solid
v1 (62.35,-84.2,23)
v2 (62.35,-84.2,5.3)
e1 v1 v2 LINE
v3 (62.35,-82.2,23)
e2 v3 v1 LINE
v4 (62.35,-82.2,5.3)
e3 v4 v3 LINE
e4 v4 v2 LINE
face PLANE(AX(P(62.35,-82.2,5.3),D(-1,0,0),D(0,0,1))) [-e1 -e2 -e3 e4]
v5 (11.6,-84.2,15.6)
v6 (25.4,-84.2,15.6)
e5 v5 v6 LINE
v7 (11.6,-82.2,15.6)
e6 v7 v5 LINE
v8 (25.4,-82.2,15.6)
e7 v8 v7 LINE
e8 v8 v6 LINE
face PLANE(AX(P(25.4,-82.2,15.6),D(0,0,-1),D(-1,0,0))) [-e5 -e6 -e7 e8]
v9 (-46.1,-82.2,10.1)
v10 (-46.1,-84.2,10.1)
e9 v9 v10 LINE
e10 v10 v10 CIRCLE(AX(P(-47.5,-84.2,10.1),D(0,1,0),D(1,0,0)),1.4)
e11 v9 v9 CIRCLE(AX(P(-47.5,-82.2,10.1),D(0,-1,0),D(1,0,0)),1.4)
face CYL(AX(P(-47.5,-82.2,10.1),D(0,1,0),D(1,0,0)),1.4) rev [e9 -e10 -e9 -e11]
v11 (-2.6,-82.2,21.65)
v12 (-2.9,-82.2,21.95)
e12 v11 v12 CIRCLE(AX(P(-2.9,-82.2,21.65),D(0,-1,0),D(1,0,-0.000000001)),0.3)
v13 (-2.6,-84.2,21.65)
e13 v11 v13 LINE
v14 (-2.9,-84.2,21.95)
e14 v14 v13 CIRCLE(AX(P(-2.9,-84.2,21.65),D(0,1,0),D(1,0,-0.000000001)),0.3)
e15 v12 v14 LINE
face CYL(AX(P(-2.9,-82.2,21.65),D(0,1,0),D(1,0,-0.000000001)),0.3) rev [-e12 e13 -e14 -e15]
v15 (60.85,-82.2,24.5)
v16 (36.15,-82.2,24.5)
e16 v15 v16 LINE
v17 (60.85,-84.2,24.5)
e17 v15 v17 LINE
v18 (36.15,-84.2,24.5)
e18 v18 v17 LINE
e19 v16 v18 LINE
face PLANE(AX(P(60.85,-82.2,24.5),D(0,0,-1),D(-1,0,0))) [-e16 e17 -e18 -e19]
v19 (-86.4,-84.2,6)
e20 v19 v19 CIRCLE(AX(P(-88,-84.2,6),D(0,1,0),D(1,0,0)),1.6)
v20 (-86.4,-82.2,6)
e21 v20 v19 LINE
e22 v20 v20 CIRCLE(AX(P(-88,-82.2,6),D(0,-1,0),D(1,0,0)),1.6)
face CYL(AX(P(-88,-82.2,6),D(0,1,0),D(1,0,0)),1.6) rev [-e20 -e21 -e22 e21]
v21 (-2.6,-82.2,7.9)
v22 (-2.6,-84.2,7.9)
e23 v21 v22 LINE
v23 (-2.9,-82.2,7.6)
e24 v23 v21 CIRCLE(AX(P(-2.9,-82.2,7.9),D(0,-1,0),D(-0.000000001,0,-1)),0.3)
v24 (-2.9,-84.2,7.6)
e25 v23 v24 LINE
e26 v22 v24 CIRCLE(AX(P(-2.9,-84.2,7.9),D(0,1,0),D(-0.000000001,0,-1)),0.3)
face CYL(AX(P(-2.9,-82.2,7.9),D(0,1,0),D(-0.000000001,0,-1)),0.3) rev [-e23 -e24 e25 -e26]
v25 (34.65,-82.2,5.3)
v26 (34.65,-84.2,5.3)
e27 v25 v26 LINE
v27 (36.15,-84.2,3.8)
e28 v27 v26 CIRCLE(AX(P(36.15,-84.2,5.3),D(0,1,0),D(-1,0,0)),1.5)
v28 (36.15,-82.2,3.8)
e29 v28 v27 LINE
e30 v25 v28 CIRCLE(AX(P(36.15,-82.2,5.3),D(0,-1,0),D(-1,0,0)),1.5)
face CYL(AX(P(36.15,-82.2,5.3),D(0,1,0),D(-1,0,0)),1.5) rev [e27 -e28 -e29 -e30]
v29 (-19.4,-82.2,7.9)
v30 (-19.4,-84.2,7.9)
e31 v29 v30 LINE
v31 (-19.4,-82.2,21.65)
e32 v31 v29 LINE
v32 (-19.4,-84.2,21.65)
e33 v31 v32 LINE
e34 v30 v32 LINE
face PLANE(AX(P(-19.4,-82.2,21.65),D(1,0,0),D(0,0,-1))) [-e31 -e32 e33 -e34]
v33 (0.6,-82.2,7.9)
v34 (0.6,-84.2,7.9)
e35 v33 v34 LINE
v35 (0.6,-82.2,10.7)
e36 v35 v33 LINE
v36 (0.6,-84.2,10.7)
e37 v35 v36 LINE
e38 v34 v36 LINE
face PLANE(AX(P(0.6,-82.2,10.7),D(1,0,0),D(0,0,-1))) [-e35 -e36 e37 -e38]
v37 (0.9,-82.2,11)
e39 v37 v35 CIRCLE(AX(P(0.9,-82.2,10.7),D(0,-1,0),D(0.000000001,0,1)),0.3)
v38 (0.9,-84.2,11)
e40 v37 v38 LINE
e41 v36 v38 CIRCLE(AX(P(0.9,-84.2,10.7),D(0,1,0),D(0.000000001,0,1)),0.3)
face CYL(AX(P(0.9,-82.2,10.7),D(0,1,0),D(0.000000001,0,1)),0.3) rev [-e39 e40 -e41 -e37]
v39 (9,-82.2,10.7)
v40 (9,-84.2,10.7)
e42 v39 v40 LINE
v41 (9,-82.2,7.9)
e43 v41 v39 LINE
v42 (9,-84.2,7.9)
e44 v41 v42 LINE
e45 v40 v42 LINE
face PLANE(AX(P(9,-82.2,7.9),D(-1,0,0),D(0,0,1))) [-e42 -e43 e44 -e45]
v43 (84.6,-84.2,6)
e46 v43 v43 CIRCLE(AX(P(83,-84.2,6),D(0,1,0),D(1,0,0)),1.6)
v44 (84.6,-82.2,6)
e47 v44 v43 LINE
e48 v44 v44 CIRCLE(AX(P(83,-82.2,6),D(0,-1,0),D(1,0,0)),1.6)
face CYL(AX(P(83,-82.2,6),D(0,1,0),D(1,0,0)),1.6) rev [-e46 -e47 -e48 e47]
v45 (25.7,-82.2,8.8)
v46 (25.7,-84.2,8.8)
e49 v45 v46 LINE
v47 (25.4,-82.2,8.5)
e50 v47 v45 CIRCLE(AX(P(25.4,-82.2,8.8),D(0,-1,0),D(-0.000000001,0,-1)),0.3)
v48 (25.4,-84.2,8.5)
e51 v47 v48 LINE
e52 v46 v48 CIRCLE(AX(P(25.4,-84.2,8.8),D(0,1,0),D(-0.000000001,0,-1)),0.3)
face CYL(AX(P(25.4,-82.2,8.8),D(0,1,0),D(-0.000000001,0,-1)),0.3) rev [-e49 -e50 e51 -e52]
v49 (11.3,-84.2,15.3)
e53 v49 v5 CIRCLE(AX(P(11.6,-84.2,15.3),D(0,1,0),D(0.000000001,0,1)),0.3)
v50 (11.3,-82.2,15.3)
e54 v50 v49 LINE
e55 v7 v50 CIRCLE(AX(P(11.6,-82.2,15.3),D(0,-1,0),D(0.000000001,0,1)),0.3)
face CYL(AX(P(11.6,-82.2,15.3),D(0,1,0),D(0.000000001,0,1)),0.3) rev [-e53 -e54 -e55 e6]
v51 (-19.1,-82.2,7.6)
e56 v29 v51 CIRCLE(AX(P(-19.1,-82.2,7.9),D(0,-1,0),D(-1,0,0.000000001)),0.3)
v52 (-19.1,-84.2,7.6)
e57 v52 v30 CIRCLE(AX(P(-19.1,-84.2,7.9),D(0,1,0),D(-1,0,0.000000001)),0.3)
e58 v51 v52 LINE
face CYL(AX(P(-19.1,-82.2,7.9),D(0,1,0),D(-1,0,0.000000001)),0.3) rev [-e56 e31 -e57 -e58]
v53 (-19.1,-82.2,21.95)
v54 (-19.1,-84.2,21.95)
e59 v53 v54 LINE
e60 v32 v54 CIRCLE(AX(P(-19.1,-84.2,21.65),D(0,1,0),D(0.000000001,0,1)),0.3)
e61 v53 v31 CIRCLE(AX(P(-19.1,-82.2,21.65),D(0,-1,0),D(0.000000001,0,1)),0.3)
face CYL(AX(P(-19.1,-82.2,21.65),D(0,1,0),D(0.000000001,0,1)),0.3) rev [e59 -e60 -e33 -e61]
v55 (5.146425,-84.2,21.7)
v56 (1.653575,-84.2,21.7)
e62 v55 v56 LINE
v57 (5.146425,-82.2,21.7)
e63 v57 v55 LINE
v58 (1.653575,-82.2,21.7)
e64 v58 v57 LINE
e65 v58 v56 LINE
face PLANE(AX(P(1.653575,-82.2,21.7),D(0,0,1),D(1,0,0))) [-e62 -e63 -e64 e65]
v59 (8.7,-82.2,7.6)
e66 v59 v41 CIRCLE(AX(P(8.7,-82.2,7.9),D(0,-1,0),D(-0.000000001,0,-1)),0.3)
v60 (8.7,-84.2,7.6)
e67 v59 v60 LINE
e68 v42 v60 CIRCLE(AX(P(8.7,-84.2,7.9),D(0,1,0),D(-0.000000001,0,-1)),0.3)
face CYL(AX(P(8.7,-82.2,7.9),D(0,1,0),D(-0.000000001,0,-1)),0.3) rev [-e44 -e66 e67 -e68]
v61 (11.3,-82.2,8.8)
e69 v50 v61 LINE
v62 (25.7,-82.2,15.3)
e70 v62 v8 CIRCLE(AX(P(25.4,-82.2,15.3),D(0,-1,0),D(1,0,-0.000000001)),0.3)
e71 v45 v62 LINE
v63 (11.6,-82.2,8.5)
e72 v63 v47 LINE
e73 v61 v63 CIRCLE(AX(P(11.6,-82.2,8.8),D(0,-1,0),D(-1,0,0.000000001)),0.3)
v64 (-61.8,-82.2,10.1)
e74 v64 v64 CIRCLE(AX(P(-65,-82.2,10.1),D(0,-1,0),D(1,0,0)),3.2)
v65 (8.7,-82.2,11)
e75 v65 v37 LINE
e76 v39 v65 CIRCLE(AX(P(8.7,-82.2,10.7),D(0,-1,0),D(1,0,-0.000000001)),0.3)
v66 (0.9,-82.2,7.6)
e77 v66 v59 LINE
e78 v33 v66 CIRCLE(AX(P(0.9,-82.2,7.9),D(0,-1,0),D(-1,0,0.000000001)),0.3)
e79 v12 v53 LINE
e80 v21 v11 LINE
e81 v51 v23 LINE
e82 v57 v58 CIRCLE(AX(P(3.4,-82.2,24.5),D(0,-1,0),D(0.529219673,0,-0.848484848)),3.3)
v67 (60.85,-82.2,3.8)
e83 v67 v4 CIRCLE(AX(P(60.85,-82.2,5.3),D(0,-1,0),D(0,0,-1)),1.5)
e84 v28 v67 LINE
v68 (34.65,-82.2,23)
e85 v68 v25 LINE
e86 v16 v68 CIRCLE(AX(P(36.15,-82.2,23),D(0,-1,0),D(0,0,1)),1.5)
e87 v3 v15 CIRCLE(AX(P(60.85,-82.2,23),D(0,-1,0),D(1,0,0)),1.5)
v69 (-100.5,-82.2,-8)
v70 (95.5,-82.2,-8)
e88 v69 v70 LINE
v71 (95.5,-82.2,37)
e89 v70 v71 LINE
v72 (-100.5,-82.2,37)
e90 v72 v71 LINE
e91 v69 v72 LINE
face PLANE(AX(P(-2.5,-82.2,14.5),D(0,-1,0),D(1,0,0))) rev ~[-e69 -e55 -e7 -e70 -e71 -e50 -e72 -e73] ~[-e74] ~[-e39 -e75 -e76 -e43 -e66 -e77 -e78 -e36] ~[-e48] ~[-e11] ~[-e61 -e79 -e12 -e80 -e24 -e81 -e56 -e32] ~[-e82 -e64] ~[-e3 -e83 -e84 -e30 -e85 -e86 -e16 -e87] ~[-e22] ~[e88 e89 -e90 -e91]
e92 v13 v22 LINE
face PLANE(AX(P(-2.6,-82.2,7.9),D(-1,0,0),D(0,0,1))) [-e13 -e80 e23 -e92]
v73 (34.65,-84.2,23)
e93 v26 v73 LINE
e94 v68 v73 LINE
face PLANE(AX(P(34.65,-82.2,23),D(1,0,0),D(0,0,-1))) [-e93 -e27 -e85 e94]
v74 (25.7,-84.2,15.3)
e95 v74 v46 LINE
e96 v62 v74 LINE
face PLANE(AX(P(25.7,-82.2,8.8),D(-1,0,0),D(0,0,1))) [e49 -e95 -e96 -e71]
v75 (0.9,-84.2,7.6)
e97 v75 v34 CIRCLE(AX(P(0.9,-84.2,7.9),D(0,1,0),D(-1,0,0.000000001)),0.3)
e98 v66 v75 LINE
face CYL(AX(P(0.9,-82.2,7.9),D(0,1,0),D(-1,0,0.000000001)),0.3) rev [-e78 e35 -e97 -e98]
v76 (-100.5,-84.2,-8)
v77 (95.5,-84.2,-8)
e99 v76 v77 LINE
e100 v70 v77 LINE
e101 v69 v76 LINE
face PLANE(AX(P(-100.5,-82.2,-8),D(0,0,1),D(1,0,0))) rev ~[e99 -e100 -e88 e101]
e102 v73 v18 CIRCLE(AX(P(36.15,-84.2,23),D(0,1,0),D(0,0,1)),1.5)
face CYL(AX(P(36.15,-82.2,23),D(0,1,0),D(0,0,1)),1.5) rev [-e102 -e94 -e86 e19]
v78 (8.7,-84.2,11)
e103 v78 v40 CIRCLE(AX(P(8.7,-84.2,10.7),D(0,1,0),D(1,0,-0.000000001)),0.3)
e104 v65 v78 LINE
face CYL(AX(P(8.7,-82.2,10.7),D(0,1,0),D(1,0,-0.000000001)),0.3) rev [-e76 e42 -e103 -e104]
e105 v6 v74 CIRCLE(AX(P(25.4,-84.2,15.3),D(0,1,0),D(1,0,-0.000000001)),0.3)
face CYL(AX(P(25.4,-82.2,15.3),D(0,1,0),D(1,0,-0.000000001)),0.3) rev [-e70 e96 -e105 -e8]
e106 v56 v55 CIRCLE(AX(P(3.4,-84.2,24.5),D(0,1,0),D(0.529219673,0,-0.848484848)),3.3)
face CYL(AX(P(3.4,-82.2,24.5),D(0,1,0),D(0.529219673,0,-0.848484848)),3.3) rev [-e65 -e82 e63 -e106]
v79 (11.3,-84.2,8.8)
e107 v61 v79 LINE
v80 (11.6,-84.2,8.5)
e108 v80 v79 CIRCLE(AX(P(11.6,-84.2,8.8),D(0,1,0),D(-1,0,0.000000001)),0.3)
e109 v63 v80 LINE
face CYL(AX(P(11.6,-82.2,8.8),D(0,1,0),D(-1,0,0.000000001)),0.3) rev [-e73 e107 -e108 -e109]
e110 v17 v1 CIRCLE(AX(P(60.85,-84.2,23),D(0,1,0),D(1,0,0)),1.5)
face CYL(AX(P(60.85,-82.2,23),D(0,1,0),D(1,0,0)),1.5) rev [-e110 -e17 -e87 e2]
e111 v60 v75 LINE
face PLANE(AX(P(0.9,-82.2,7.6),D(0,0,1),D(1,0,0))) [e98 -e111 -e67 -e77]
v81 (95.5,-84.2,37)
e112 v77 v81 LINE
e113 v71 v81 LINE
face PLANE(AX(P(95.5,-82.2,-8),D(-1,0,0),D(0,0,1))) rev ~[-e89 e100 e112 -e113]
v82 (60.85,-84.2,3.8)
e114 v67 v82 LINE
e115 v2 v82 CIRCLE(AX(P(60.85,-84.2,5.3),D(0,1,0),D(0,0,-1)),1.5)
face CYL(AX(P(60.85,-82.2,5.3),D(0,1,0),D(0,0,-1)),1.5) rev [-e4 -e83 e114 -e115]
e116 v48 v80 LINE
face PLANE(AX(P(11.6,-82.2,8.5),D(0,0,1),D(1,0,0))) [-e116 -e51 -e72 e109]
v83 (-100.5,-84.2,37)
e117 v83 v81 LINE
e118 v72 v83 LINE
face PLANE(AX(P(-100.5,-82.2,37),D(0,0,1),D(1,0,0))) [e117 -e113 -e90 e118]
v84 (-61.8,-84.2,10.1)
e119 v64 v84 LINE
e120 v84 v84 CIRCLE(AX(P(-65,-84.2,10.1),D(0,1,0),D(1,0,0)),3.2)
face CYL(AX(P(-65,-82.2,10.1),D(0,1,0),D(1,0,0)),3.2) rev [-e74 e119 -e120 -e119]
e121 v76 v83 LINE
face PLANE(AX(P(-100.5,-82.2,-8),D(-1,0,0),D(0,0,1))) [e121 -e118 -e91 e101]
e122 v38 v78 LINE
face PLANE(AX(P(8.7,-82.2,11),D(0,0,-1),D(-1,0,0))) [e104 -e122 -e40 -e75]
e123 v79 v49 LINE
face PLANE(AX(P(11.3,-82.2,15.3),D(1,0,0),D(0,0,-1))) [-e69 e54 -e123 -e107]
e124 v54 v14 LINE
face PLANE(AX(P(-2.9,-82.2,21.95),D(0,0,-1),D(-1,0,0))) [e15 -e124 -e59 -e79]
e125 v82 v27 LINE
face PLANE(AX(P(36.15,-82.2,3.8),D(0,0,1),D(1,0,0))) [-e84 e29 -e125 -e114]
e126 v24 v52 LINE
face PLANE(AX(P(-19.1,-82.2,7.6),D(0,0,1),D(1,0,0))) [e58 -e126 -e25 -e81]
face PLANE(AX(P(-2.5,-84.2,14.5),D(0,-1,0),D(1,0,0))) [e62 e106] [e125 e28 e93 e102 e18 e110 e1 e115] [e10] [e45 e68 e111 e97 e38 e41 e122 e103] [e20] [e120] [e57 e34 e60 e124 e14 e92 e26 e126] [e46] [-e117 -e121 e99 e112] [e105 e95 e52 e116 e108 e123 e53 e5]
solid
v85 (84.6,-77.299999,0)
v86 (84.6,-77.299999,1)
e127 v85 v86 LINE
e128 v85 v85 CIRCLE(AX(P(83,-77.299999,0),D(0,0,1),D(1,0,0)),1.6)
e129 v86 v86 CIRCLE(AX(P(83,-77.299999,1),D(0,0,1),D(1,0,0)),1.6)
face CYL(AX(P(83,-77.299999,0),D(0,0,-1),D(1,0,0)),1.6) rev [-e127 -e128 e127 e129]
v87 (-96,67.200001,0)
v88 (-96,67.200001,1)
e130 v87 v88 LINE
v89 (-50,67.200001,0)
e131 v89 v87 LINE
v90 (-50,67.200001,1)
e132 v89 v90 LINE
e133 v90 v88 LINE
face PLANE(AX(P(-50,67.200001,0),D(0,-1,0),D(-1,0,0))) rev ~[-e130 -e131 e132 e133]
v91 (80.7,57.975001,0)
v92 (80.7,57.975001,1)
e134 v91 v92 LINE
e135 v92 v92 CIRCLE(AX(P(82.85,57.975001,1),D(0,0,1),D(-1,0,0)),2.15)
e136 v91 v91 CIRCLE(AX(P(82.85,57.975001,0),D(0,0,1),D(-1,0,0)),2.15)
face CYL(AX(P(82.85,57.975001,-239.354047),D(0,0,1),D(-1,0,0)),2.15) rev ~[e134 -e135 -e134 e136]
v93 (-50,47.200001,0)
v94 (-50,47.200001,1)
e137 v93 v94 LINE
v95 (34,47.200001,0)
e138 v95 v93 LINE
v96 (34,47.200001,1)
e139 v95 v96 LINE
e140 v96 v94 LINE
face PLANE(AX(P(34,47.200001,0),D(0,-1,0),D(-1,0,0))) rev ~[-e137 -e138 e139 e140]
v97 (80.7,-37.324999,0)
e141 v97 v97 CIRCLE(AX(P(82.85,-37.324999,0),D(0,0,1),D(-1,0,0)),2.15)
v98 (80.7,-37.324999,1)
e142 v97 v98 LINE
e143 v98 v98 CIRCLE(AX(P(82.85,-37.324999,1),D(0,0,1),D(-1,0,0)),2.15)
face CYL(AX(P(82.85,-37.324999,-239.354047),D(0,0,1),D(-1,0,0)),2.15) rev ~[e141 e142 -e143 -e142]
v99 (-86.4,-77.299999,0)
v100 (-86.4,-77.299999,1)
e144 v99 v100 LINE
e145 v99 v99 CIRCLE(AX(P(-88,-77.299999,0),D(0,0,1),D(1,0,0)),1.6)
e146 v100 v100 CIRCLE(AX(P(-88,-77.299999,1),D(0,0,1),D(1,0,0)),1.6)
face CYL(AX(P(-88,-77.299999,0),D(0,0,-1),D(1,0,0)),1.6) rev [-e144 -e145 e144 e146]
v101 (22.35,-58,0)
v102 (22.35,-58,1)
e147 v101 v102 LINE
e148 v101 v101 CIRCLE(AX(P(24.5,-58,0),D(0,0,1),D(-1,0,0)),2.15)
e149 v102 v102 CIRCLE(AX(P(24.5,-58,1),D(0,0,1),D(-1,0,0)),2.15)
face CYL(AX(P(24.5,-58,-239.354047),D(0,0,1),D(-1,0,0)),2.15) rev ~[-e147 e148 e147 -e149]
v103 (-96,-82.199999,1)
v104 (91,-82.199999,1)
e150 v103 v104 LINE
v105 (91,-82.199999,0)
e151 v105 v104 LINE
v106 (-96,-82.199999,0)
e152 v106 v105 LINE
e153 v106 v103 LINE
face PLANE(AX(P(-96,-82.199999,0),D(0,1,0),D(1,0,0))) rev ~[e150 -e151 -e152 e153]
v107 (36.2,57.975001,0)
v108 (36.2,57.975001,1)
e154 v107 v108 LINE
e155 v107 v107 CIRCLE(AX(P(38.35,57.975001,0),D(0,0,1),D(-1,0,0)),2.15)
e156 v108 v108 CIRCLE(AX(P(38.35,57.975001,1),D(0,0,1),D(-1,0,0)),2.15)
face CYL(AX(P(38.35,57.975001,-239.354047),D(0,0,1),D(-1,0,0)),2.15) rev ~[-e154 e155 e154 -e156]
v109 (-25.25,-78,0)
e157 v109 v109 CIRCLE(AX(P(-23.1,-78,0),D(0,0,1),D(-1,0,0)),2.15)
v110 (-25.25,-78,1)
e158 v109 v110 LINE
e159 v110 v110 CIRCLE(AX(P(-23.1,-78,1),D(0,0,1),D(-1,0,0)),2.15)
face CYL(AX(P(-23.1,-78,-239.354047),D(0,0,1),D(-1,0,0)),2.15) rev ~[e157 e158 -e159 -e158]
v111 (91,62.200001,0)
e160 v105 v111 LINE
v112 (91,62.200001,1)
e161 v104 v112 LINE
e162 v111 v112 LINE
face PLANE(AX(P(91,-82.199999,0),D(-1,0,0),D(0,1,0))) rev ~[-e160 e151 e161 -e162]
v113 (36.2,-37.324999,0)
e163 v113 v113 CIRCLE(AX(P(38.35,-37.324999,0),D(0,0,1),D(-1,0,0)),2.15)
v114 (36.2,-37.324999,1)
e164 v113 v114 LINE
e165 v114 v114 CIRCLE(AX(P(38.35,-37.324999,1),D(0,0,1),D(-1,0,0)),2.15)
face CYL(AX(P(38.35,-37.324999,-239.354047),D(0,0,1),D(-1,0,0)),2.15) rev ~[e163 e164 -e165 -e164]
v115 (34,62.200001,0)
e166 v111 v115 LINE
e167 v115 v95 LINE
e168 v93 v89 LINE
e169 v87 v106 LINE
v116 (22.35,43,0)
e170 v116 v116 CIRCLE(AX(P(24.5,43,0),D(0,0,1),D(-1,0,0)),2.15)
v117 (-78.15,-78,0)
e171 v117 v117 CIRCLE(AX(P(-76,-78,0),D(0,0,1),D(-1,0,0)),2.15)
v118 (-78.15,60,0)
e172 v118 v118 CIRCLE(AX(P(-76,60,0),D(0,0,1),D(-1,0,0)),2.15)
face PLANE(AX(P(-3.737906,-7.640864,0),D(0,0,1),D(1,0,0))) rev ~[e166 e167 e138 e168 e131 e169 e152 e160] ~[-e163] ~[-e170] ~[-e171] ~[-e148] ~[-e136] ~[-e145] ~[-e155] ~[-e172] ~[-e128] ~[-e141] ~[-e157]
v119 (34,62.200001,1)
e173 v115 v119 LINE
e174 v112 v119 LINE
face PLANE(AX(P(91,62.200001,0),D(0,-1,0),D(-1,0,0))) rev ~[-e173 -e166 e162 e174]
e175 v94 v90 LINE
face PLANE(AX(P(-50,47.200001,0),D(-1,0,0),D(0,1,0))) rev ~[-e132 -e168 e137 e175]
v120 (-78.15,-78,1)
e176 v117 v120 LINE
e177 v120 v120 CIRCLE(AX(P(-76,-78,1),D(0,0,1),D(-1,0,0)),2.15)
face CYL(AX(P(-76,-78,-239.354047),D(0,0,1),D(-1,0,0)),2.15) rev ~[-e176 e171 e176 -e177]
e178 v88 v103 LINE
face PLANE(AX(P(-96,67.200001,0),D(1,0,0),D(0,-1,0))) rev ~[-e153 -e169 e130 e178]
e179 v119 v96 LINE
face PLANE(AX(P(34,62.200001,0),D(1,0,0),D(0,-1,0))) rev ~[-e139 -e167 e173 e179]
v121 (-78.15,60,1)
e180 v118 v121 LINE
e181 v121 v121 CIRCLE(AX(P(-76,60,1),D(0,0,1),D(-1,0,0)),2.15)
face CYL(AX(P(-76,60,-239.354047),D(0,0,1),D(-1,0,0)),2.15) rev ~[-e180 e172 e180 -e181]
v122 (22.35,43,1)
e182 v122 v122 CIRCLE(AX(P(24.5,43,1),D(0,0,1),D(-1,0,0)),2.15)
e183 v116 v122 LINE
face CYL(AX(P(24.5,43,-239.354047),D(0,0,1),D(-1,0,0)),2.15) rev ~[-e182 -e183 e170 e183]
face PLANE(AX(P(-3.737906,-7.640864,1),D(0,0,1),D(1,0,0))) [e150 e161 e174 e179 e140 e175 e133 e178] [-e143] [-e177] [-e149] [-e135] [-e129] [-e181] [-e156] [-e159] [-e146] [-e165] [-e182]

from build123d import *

# Parameters (mm, degrees)
F0_R       = 1.6
F3_DEPTH   = 1
F4_D       = 4.3
F4_ON_F2_D = 4.3
F6_W       = 196
F6_H       = 45
F8_DEPTH   = 2
F7_R       = 3.2
F7_R_2     = 1.4
F7_R_3     = 1.6
F9_DEPTH   = 2.001


with BuildPart() as f3:
    # F0 (on Top) → F3 (new body)
    with BuildSketch(Plane.XY):
        Polygon((34, 62.2000009459), (34, 47.2000009459), (-50, 47.2000009459), (-50, 67.2000009459), (-96, 67.2000009459), (-96, -82.1999990541), (91, -82.1999990541), (91, 62.2000009459), align=None)
        with Locations((-88, -77.2999990541)):
            Circle(F0_R, mode=Mode.SUBTRACT)
        with Locations((83, -77.2999990541)):
            Circle(F0_R, mode=Mode.SUBTRACT)
    extrude(amount=F3_DEPTH)

    # F4 (through all)
    with Locations(Plane(origin=(0, 0, 0), x_dir=(1, 0, 0), z_dir=(0, 0, -1))):
        with Locations((-76, -60), (-76, 78), (-23.1, 78), (24.5, 58), (24.5, -43)):
            Hole(F4_D / 2)

    # F4 on F2 (through all)
    with Locations(Plane(origin=(0, 0, 0), x_dir=(1, 0, 0), z_dir=(0, 0, -1))):
        with Locations((38.35, -57.9750009459), (82.85, -57.9750009459), (82.85, 37.3249990541), (38.35, 37.3249990541)):
            Hole(F4_ON_F2_D / 2)


with BuildPart() as f8:
    # F6 (on offset) → F8 (new body)
    with BuildSketch(Plane.XZ.offset(82.2)):
        with Locations((-2.5, 14.5)):
            Rectangle(F6_W, F6_H)
    extrude(amount=F8_DEPTH)

    # F7 (on offset) → F9 (cut, through all)
    with BuildSketch(Plane.XZ.offset(82.2)):
        with BuildLine():
            ThreePointArc((34.65, 5.3), (35.0893398282, 4.2393398282), (36.15, 3.8))
            Line((36.15, 3.8), (60.85, 3.8))
            ThreePointArc((60.85, 3.8), (61.9106601718, 4.2393398282), (62.35, 5.3))
            Line((62.35, 5.3), (62.35, 23))
            ThreePointArc((62.35, 23), (61.9106601718, 24.0606601718), (60.85, 24.5))
            Line((60.85, 24.5), (36.15, 24.5))
            ThreePointArc((36.15, 24.5), (35.0893398282, 24.0606601718), (34.65, 23))
            Line((34.65, 23), (34.65, 5.3))
        make_face()
        with Locations((-65, 10.1)):
            Circle(F7_R)
        with BuildLine():
            ThreePointArc((-19.4, 7.9), (-19.3121320344, 7.6878679656), (-19.1, 7.6))
            Line((-19.1, 7.6), (-2.9, 7.6))
            ThreePointArc((-2.9, 7.6), (-2.6878679656, 7.6878679656), (-2.6, 7.9))
            Line((-2.6, 7.9), (-2.6, 21.65))
            ThreePointArc((-2.6, 21.65), (-2.6878679656, 21.8621320344), (-2.9, 21.95))
            Line((-2.9, 21.95), (-19.1, 21.95))
            ThreePointArc((-19.1, 21.95), (-19.3121320344, 21.8621320344), (-19.4, 21.65))
            Line((-19.4, 21.65), (-19.4, 7.9))
        make_face()
        with BuildLine():
            ThreePointArc((0.6, 7.9), (0.6878679656, 7.6878679656), (0.9, 7.6))
            Line((0.9, 7.6), (8.7, 7.6))
            ThreePointArc((8.7, 7.6), (8.9121320344, 7.6878679656), (9, 7.9))
            Line((9, 7.9), (9, 10.7))
            ThreePointArc((9, 10.7), (8.9121320344, 10.9121320344), (8.7, 11))
            Line((8.7, 11), (0.9, 11))
            ThreePointArc((0.9, 11), (0.6878679656, 10.9121320344), (0.6, 10.7))
            Line((0.6, 10.7), (0.6, 7.9))
        make_face()
        with BuildLine():
            ThreePointArc((11.3, 8.8), (11.3878679656, 8.5878679656), (11.6, 8.5))
            Line((11.6, 8.5), (25.4, 8.5))
            ThreePointArc((25.4, 8.5), (25.6121320344, 8.5878679656), (25.7, 8.8))
            Line((25.7, 8.8), (25.7, 15.3))
            ThreePointArc((25.7, 15.3), (25.6121320344, 15.5121320344), (25.4, 15.6))
            Line((25.4, 15.6), (11.6, 15.6))
            ThreePointArc((11.6, 15.6), (11.3878679656, 15.5121320344), (11.3, 15.3))
            Line((11.3, 15.3), (11.3, 8.8))
        make_face()
        with Locations((-47.5, 10.1)):
            Circle(F7_R_2)
        with BuildLine():
            Line((1.6535750803, 21.7), (5.1464249197, 21.7))
            ThreePointArc((5.1464249197, 21.7), (3.4, 27.8), (1.6535750803, 21.7))
        make_face()
        with Locations((-88, 6)):
            Circle(F7_R_3)
        with Locations((83, 6)):
            Circle(F7_R_3)
    extrude(amount=F9_DEPTH, mode=Mode.SUBTRACT)


solid = Compound([f3.part, f8.part])
